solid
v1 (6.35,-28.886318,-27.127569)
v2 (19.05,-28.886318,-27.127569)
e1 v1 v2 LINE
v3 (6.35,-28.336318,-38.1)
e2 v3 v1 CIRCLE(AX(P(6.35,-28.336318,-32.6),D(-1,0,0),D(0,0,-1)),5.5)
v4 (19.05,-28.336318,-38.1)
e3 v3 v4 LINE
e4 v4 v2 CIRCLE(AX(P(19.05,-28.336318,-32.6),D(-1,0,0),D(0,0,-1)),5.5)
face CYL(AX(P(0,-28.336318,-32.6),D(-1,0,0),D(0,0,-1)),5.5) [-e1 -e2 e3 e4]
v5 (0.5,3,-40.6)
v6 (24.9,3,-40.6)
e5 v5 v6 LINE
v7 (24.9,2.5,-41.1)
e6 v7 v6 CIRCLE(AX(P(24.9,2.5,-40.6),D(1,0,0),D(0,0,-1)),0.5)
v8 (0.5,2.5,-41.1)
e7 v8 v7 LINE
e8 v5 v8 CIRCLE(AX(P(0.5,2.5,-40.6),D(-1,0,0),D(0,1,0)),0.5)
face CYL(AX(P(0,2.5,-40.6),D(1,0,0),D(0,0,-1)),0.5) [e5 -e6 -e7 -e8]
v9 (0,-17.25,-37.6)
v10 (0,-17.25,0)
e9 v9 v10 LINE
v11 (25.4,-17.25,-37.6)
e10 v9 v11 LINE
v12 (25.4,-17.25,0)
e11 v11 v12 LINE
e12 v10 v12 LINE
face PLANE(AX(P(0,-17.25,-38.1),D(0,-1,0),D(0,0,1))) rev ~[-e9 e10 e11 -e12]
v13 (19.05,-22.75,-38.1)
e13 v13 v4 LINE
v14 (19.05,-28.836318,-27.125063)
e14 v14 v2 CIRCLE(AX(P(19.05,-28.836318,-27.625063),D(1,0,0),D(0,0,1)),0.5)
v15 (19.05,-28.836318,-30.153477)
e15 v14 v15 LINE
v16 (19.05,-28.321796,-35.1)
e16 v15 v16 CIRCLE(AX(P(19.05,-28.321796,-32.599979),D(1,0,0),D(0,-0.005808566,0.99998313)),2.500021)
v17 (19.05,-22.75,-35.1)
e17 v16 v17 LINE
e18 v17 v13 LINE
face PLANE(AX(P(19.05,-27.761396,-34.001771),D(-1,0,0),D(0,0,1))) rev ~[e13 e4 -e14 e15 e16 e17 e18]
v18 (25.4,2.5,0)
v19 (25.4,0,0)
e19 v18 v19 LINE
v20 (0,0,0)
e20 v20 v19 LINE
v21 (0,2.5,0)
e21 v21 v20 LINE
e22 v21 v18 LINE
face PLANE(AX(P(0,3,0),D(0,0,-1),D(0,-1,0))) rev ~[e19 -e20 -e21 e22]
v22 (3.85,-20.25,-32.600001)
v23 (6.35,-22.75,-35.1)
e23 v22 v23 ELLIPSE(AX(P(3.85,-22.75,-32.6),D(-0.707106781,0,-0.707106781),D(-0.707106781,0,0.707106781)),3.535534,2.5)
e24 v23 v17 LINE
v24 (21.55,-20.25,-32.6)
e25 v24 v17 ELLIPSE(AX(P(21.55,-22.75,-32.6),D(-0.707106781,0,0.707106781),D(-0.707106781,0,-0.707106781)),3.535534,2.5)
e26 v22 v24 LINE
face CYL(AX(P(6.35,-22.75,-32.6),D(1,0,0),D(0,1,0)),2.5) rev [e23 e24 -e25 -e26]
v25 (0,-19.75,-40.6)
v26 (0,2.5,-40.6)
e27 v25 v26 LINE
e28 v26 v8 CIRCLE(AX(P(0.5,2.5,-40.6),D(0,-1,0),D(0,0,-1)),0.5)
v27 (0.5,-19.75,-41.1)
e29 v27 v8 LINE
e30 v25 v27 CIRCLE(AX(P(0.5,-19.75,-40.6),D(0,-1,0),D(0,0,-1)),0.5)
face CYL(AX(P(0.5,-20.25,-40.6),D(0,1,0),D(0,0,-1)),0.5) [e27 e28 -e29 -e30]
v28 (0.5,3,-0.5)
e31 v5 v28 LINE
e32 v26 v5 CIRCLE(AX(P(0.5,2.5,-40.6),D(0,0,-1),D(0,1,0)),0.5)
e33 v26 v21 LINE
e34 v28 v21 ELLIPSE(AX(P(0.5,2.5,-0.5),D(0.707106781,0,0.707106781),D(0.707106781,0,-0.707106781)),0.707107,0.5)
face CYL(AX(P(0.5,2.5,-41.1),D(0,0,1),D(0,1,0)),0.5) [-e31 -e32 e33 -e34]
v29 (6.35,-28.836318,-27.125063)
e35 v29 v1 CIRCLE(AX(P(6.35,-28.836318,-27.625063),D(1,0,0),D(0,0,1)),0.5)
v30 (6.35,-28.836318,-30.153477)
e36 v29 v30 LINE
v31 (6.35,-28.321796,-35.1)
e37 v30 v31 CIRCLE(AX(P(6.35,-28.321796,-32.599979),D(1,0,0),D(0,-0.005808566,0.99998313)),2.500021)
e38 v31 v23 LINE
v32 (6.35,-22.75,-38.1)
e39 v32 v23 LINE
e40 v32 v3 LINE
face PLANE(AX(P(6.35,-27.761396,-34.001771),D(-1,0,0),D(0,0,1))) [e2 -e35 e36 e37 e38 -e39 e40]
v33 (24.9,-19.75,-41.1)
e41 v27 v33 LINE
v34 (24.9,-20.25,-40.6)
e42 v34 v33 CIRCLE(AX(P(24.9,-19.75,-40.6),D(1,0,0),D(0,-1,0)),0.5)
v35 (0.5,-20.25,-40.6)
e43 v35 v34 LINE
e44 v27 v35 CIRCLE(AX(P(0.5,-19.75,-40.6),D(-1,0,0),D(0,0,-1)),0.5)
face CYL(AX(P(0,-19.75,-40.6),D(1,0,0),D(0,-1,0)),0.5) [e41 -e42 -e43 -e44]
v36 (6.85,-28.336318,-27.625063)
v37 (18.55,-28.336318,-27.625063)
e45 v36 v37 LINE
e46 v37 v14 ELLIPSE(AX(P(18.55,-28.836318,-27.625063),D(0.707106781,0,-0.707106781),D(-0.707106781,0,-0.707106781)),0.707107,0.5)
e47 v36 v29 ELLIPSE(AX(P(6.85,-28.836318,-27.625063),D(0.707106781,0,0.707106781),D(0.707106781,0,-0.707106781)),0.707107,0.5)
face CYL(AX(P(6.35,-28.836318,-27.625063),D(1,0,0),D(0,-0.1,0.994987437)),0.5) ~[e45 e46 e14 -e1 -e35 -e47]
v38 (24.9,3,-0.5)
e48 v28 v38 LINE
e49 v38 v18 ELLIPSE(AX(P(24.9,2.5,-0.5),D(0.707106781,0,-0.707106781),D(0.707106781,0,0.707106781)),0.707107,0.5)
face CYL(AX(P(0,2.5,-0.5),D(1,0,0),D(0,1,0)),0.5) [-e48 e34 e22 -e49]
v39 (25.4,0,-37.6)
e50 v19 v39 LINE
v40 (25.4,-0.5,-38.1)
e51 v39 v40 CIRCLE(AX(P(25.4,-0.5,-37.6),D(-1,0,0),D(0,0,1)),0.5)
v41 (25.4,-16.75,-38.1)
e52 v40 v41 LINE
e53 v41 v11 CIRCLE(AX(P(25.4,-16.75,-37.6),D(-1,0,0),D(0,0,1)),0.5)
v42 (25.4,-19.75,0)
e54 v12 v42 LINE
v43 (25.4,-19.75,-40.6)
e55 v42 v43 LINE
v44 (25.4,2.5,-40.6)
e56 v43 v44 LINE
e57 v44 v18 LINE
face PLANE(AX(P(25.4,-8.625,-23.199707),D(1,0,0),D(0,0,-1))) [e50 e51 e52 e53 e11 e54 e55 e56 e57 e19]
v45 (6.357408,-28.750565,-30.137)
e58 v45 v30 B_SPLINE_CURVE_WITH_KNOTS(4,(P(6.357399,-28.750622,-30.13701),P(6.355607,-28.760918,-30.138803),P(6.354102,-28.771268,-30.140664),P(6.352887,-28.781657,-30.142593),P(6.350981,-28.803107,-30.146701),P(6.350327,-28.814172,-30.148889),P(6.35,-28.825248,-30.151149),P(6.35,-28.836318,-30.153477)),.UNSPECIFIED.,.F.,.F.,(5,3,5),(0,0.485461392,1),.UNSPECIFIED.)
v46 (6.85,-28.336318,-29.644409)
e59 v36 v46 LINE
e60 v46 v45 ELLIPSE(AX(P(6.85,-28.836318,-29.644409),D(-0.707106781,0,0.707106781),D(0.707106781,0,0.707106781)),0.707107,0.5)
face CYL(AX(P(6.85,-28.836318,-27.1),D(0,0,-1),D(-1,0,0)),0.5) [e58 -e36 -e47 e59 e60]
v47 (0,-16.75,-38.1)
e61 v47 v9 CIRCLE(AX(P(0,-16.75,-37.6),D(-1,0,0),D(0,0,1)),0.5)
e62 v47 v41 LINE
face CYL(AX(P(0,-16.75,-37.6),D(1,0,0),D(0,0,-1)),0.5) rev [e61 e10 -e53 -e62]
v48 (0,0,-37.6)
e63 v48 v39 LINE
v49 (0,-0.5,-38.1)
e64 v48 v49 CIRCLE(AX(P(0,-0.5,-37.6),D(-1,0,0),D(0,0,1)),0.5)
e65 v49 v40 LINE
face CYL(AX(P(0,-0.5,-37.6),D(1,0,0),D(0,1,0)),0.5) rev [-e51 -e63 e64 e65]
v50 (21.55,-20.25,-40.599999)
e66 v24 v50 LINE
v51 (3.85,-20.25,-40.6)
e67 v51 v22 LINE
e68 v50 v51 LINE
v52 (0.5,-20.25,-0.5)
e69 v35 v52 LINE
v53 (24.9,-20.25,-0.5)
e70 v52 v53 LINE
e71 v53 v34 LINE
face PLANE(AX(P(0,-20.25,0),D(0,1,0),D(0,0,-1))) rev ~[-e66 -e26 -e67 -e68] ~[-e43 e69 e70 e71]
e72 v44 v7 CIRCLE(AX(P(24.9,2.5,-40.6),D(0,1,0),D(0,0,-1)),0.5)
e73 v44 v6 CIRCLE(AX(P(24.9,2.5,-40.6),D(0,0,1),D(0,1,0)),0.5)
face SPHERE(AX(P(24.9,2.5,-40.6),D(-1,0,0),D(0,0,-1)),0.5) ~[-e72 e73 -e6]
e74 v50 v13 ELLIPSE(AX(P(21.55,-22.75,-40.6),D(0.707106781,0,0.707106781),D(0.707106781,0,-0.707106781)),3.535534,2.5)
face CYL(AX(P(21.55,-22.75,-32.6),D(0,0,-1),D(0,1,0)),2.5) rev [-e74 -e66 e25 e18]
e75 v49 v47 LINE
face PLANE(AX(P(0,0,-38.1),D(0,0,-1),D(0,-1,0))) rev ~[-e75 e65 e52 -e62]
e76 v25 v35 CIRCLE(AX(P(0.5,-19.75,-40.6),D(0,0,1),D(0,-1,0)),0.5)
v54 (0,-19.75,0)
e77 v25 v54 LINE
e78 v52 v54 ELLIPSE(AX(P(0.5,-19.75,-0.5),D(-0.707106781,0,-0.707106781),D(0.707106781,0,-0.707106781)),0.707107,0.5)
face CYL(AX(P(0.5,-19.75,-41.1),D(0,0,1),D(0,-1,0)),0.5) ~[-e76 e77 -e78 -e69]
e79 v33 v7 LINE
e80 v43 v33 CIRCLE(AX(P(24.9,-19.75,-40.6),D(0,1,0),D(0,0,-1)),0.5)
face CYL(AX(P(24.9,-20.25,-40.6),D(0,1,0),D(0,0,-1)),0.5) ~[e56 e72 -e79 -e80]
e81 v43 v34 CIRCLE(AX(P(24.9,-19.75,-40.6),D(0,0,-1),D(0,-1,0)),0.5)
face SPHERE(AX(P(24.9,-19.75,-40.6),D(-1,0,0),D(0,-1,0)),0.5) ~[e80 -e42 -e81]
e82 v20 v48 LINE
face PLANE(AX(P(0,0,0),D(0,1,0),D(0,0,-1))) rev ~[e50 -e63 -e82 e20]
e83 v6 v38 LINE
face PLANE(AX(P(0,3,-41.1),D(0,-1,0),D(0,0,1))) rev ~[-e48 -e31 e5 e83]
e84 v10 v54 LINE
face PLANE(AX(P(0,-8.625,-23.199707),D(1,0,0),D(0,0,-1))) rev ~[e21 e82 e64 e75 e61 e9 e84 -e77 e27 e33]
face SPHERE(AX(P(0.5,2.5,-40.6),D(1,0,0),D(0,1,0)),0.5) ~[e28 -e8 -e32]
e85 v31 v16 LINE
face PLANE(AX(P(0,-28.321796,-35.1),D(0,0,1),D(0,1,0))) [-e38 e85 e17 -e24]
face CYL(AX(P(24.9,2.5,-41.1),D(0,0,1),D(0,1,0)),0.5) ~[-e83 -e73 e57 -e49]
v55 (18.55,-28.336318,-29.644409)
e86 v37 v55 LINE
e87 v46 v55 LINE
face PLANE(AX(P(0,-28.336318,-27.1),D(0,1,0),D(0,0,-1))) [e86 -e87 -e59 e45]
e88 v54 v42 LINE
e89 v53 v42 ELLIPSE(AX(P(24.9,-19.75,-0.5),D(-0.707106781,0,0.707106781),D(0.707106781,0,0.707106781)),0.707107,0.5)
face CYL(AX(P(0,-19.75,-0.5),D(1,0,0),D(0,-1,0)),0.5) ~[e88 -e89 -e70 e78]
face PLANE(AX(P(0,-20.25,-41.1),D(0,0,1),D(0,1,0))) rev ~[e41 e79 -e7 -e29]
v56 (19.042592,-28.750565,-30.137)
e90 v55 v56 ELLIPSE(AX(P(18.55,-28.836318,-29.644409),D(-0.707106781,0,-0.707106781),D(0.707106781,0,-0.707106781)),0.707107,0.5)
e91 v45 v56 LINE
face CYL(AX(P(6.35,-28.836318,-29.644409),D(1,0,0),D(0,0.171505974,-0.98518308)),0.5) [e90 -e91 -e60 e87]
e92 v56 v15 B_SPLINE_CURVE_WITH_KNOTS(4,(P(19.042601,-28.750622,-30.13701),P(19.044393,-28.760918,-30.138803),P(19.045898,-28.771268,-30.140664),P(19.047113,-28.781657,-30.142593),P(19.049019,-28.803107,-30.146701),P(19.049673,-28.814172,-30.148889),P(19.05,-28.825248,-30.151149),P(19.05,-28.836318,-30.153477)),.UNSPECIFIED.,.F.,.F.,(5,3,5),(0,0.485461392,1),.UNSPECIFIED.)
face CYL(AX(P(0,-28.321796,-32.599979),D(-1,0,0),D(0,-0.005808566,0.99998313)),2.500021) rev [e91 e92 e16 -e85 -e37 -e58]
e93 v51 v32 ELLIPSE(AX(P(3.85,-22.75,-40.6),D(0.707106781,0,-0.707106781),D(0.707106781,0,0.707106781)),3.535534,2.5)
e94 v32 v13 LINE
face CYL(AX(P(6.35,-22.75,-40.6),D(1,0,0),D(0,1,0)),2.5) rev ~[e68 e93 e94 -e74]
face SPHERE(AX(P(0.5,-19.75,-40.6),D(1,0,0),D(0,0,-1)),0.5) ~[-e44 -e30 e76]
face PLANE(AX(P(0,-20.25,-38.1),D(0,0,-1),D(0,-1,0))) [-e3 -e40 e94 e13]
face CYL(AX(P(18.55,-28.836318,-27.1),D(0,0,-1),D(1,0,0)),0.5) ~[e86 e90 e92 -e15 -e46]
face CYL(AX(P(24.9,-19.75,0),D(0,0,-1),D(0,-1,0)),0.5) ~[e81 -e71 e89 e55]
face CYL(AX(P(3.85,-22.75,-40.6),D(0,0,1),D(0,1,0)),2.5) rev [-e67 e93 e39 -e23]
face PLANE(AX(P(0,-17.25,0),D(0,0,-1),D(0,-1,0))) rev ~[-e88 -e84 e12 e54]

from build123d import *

# Parameters (mm, degrees)
BOSS_EXTRUDE1_DEPTH = 25.4
BOSS_EXTRUDE3_DEPTH = 25.4
CUT_EXTRUDE5_DEPTH  = 6.35
CUT_EXTRUDE6_START  = -6.35
CUT_EXTRUDE6_DEPTH  = 6.35
FILLET1_R           = 2.5
FILLET2_R           = 2.5
FILLET3_R           = 0.5
FILLET4_R           = 0.5
FILLET5_R           = 0.5


with BuildPart() as part:
    # Sketch1 → Boss-Extrude1 (new body)
    with BuildSketch(Plane(origin=(0, 0, 0), x_dir=(0, 0, -1), z_dir=(1, 0, 0))):
        Polygon((0, 0), (38.1, 0), (38.1, -17.25), (0, -17.250000000000004), (3.4e-16, -20.250000000000007), (41.1, -20.250000000000007), (41.099999999999994, 3), (-1.8e-16, 2.999999999999995), align=None)
    extrude(amount=BOSS_EXTRUDE1_DEPTH)

    # Sketch7 → Boss-Extrude3 (add)
    with BuildSketch(Plane.ZY):
        with BuildLine():
            Line((-38.1, -20.250000000000007), (-38.10000000000001, -28.33631785905126))
            ThreePointArc((-38.10000000000001, -28.33631785905126), (-32.6, -33.83631785905126), (-27.100000000000005, -28.336317859051263))
            Line((-27.100000000000005, -28.336317859051263), (-30.100000000000005, -28.33631785905126))
            ThreePointArc((-30.100000000000005, -28.33631785905126), (-32.607239712312804, -30.821806864386282), (-35.1, -28.32179632065465))
            Line((-35.1, -28.32179632065465), (-35.1, -20.250000000000007))
            Line((-35.1, -20.250000000000007), (-38.1, -20.250000000000007))
        make_face()
    extrude(amount=-BOSS_EXTRUDE3_DEPTH)

    # Sketch8 → Cut-Extrude5 (cut)
    with BuildSketch(Plane.ZY):
        with BuildLine():
            Line((-35.1, -20.250000000000007), (-38.1, -20.250000000000007))
            Line((-38.1, -20.250000000000007), (-38.10000000000001, -28.3363178590513))
            ThreePointArc((-38.10000000000001, -28.3363178590513), (-32.59999999999998, -33.83631785905126), (-27.100000000000005, -28.336317859051263))
            Line((-27.100000000000005, -28.336317859051263), (-30.10000000000001, -28.33631785905126))
            ThreePointArc((-30.10000000000001, -28.33631785905126), (-32.6072397123128, -30.82180686438628), (-35.1, -28.321796320654666))
            Line((-35.1, -28.321796320654666), (-35.1, -20.250000000000007))
        make_face()
    extrude(amount=-CUT_EXTRUDE5_DEPTH, mode=Mode.SUBTRACT)

    # Sketch9 → Cut-Extrude6 (cut)
    with BuildSketch(Plane(origin=(25.4, 0, 0), x_dir=(0, 0, -1), z_dir=(1, 0, 0)).offset(CUT_EXTRUDE6_START)):
        with BuildLine():
            Line((35.1, -20.250000000000007), (38.1, -20.250000000000007))
            Line((38.1, -20.250000000000007), (38.10000000000001, -28.33631785905126))
            ThreePointArc((38.10000000000001, -28.33631785905126), (32.6, -33.83631785905126), (27.100000000000005, -28.336317859051263))
            Line((27.100000000000005, -28.336317859051263), (30.10000000000001, -28.33631785905126))
            ThreePointArc((30.10000000000001, -28.33631785905126), (32.607239712312804, -30.82180686438628), (35.1, -28.32179632065465))
            Line((35.1, -28.32179632065465), (35.1, -20.250000000000007))
        make_face()
    extrude(amount=CUT_EXTRUDE6_DEPTH, mode=Mode.SUBTRACT)

    # Fillet1
    fillet1_edges = [part.edges().sort_by_distance(p)[0] for p in [
        (12.7, -20.250000000000007, -35.1),
        (12.7, -20.250000000000007, -38.1),
    ]]
    fillet(fillet1_edges, radius=FILLET1_R)

    # Fillet2
    fillet2_edges = [part.edges().sort_by_distance(p)[0] for p in [
        (6.35, -20.250000000000007, -36.599999999999994),
        (19.049999999999997, -20.250000000000007, -36.599999999999994),
    ]]
    fillet(fillet2_edges, radius=FILLET2_R)

    # Fillet3
    fillet3_edges = [part.edges().sort_by_distance(p)[0] for p in [
        (12.7, 2.999999999999995, 1.8e-16),
        (12.7, 3, -41.099999999999994),
        (12.7, -20.250000000000007, -41.1),
        (12.7, -20.250000000000007, -3.4e-16),
        (25.4, -20.250000000000007, -20.55),
        (25.4, -8.625000000000004, -41.099999999999994),
        (25.4, 2.9999999999999973, -20.549999999999997),
        (0, 2.9999999999999973, -20.549999999999997),
        (0, -8.625000000000004, -41.099999999999994),
        (0, -20.250000000000007, -20.55),
    ]]
    fillet(fillet3_edges, radius=FILLET3_R)

    # Fillet4
    fillet4_edges = [part.edges().sort_by_distance(p)[0] for p in [
        (6.35, -28.336317859051263, -28.60000000000001),
        (12.7, -28.336317859051263, -27.100000000000005),
        (12.7, -28.33631785905126, -30.100000000000005),
        (19.049999999999997, -28.336317859051263, -28.60000000000001),
    ]]
    fillet(fillet4_edges, radius=FILLET4_R)

    # Fillet5
    fillet5_edges = [part.edges().sort_by_distance(p)[0] for p in [
        (12.7, -17.25, -38.1),
        (12.7, 0, -38.1),
    ]]
    fillet(fillet5_edges, radius=FILLET5_R)


solid = part.part
